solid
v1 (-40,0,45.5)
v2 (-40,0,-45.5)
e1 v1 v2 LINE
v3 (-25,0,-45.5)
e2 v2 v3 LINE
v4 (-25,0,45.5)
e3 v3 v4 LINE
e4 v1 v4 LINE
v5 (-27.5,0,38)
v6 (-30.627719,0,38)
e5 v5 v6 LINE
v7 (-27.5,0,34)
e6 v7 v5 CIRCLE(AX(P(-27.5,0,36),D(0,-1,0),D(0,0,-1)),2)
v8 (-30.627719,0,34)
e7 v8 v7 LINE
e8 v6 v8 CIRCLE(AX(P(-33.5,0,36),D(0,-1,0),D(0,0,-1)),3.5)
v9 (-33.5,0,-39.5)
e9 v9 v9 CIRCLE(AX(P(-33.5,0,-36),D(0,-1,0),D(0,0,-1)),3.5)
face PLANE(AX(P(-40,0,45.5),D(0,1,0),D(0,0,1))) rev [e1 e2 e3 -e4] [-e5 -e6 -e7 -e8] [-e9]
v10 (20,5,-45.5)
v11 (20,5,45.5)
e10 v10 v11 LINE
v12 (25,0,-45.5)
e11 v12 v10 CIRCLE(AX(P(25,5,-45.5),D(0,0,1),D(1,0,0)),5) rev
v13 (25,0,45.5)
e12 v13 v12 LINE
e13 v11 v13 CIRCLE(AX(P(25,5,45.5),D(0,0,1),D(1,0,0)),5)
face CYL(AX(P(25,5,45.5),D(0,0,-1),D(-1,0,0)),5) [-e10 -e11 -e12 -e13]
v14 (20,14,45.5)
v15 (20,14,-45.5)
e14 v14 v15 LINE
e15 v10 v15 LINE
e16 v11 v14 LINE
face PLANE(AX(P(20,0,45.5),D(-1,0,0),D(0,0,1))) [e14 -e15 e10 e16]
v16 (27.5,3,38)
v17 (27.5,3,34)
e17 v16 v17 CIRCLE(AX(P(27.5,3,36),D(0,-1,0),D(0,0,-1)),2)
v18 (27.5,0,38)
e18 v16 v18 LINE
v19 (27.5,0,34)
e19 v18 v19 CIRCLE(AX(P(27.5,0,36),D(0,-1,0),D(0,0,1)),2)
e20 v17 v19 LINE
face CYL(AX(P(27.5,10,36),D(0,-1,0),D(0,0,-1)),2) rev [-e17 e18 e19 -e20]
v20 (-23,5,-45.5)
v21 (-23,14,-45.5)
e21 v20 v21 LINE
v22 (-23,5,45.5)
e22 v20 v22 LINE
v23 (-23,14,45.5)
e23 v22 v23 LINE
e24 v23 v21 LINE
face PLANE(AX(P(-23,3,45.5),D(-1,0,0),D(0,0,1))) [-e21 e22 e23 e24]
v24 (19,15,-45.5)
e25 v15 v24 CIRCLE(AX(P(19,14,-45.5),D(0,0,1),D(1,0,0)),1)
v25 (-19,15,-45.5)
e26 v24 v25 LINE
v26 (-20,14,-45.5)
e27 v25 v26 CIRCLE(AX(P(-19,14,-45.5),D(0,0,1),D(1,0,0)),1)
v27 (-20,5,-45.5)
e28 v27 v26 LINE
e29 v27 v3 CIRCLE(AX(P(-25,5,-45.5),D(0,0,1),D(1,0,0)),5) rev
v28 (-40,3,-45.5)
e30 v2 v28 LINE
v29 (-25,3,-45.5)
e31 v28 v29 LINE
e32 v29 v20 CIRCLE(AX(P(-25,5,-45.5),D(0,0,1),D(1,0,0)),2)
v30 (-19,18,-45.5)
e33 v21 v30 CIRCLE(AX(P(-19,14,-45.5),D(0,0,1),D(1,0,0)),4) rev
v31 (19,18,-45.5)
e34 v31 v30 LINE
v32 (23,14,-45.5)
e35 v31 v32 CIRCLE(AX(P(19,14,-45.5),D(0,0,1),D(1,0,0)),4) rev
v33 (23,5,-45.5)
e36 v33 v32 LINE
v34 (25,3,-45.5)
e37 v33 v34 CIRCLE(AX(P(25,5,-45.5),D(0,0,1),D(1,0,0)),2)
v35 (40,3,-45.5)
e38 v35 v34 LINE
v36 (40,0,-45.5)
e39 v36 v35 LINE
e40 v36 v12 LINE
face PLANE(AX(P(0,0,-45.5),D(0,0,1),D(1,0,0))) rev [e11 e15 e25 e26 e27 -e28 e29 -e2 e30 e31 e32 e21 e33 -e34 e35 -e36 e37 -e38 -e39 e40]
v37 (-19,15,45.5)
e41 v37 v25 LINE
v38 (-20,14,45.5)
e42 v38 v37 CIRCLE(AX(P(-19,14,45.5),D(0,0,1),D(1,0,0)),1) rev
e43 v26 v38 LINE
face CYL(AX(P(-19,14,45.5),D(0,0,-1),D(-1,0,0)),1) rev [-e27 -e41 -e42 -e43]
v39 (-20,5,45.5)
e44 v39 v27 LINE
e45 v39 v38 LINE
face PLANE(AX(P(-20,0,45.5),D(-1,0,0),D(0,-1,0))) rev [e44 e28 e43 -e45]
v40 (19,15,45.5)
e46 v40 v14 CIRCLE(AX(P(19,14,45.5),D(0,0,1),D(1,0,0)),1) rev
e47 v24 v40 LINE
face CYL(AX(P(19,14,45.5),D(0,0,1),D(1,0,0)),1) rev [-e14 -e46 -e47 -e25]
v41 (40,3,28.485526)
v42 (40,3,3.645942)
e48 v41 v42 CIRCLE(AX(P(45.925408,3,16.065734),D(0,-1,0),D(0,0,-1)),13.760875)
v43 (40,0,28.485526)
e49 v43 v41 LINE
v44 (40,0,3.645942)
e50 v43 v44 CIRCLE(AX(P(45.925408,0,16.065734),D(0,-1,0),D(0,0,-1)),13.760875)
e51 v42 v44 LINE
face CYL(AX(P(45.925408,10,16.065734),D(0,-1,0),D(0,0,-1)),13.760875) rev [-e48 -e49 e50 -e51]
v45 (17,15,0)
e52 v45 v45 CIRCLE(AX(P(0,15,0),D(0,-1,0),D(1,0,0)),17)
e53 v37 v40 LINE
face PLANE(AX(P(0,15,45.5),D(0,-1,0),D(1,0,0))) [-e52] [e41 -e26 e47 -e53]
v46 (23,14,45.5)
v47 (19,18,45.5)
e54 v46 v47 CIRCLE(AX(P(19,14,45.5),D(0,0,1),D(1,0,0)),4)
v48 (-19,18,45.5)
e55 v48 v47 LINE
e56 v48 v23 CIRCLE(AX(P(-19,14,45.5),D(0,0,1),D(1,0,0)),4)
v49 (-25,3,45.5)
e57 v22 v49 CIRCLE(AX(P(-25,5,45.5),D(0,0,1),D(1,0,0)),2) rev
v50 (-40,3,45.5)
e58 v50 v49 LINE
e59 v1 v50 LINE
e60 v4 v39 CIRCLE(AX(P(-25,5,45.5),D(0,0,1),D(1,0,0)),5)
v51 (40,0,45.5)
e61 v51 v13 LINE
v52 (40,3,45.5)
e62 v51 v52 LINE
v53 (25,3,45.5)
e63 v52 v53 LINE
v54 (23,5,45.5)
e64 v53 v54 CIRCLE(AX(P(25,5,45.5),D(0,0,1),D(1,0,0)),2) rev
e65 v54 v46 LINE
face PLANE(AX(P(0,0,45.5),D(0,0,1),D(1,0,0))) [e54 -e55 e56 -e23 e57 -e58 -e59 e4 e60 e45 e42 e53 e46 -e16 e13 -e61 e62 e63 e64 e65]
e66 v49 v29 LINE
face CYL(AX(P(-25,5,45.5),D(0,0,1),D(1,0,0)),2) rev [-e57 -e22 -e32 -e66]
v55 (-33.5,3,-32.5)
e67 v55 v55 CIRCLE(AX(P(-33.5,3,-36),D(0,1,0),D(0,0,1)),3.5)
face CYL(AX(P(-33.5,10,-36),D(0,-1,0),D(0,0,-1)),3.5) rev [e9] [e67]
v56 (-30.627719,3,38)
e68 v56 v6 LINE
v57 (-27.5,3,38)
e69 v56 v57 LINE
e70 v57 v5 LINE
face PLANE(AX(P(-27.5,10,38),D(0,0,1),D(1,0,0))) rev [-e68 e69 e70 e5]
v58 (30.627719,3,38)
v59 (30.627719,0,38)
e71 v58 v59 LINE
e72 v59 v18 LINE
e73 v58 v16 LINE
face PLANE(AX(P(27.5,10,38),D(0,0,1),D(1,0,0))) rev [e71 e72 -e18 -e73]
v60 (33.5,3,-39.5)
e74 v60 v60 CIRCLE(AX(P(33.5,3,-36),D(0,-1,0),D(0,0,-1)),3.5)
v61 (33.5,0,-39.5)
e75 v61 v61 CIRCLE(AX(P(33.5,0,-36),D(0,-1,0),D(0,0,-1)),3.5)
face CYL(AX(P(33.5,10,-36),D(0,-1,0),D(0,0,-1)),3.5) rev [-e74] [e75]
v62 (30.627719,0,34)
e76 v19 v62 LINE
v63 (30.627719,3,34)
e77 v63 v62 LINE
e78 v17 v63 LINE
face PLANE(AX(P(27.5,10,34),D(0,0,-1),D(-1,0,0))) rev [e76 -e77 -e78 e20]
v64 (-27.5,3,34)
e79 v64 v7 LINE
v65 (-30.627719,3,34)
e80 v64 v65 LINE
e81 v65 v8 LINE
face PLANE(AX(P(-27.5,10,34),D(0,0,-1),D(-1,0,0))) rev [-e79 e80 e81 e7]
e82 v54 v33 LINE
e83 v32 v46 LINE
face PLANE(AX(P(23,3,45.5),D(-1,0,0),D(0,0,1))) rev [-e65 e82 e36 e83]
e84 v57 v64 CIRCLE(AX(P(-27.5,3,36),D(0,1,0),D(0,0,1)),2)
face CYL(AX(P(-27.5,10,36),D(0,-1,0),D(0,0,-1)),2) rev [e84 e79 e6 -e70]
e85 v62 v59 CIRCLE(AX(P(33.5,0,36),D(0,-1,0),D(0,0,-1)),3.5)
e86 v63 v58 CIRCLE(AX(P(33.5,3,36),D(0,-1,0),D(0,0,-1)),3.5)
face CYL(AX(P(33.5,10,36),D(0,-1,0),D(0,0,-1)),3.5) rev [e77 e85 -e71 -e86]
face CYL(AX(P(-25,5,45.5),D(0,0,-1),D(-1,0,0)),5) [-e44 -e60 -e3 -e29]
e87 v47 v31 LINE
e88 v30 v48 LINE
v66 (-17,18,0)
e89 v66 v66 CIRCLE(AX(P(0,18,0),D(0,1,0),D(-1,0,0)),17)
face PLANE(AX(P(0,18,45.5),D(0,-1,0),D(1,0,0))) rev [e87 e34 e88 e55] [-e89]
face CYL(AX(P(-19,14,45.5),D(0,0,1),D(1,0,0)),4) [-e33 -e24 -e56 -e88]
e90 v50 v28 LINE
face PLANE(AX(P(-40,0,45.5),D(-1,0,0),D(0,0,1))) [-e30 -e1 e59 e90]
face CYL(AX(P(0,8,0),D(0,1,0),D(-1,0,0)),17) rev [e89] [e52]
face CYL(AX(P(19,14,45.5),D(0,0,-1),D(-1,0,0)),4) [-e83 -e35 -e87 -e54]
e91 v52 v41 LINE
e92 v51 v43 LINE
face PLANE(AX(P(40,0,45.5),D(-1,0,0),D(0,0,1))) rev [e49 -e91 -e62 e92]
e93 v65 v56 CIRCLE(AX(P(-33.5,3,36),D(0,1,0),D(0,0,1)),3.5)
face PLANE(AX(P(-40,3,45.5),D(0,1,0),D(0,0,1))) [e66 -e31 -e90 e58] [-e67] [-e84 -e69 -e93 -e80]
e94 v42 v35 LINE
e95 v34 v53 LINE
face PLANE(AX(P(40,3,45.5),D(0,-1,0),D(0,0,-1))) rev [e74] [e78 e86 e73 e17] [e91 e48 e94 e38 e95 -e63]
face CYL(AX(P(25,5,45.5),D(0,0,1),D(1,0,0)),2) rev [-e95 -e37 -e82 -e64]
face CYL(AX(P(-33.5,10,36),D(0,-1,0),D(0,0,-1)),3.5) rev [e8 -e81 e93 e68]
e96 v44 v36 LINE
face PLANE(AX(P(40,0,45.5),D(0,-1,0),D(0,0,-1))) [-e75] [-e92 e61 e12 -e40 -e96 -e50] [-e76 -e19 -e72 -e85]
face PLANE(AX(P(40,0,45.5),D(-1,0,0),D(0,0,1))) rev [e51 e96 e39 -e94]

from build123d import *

# Parameters (mm, degrees)
EXTRUDE_1_DEPTH     = 45.5
FILLET_1_R          = 4
FILLET_2_R          = 1
FILLET_3_R          = 5
FILLET_4_R          = 2
SKETCH_2_R          = 3.5
CUT_EXTRUDE_1_DEPTH = 10
SKETCH_3_R          = 13.760875338
CUT_EXTRUDE_2_DEPTH = 10
SKETCH_4_R          = 17
CUT_EXTRUDE_3_DEPTH = 10


with BuildPart() as part:
    # 草图1 → 凸台-拉伸1 (new, symmetric)
    with BuildSketch(Plane.XY):
        Polygon((0, 18), (-23, 18), (-23, 3), (-40, 3), (-40, 0), (-20, 0), (-20, 15), (0, 15), (20, 15), (20, 0), (40, 0), (40, 3), (23, 3), (23, 18), align=None)
    extrude(amount=EXTRUDE_1_DEPTH, both=True)

    # 圆角1
    fillet_1_edges = [part.edges().sort_by_distance(p)[0] for p in [
        (-23, 18, 0),
        (23, 18, 0),
    ]]
    fillet(fillet_1_edges, radius=FILLET_1_R)

    # 圆角2
    fillet_2_edges = [part.edges().sort_by_distance(p)[0] for p in [
        (-20, 15, 0),
        (20, 15, 0),
    ]]
    fillet(fillet_2_edges, radius=FILLET_2_R)

    # 圆角3
    fillet_3_edges = [part.edges().sort_by_distance(p)[0] for p in [
        (-20, 0, 0),
        (20, 0, 0),
    ]]
    fillet(fillet_3_edges, radius=FILLET_3_R)

    # 圆角4
    fillet_4_edges = [part.edges().sort_by_distance(p)[0] for p in [
        (-23, 3, 0),
        (23, 3, 0),
    ]]
    fillet(fillet_4_edges, radius=FILLET_4_R)

    # 草图2 → 切除-拉伸1 (cut)
    with BuildSketch(Plane.XZ):
        with Locations(Location((-33.5, -36, 0), (0, 0, 270))):
            Circle(SKETCH_2_R)
        with Locations(Location((33.5, -36, 0), (0, 0, 270))):
            Circle(SKETCH_2_R)
        with BuildLine():
            Line((-27.5, 38), (-30.627718677, 38))
            ThreePointArc((-30.627718677, 38), (-37, 36), (-30.627718677, 34))
            Line((-30.627718677, 34), (-27.5, 34))
            ThreePointArc((-27.5, 34), (-25.5, 36), (-27.5, 38))
        make_face()
        with BuildLine():
            Line((27.5, 34), (30.627718677, 34))
            ThreePointArc((30.627718677, 34), (37, 36), (30.627718677, 38))
            Line((30.627718677, 38), (27.5, 38))
            ThreePointArc((27.5, 38), (25.5, 36), (27.5, 34))
        make_face()
    extrude(amount=-CUT_EXTRUDE_1_DEPTH, mode=Mode.SUBTRACT)

    # 草图3 → 切除-拉伸2 (cut)
    with BuildSketch(Plane.XZ):
        with Locations((45.925407616, 16.065733646)):
            Circle(SKETCH_3_R)
    extrude(amount=-CUT_EXTRUDE_2_DEPTH, mode=Mode.SUBTRACT)

    # 草图4 → 切除-拉伸3 (cut)
    with BuildSketch(Plane(origin=(0, 18, 0), x_dir=(1, 0, 0), z_dir=(0, 1, 0))):
        with Locations(Location((0, 0, 0), (0, 0, 180))):
            Circle(SKETCH_4_R)
    extrude(amount=-CUT_EXTRUDE_3_DEPTH, mode=Mode.SUBTRACT)


solid = part.part
